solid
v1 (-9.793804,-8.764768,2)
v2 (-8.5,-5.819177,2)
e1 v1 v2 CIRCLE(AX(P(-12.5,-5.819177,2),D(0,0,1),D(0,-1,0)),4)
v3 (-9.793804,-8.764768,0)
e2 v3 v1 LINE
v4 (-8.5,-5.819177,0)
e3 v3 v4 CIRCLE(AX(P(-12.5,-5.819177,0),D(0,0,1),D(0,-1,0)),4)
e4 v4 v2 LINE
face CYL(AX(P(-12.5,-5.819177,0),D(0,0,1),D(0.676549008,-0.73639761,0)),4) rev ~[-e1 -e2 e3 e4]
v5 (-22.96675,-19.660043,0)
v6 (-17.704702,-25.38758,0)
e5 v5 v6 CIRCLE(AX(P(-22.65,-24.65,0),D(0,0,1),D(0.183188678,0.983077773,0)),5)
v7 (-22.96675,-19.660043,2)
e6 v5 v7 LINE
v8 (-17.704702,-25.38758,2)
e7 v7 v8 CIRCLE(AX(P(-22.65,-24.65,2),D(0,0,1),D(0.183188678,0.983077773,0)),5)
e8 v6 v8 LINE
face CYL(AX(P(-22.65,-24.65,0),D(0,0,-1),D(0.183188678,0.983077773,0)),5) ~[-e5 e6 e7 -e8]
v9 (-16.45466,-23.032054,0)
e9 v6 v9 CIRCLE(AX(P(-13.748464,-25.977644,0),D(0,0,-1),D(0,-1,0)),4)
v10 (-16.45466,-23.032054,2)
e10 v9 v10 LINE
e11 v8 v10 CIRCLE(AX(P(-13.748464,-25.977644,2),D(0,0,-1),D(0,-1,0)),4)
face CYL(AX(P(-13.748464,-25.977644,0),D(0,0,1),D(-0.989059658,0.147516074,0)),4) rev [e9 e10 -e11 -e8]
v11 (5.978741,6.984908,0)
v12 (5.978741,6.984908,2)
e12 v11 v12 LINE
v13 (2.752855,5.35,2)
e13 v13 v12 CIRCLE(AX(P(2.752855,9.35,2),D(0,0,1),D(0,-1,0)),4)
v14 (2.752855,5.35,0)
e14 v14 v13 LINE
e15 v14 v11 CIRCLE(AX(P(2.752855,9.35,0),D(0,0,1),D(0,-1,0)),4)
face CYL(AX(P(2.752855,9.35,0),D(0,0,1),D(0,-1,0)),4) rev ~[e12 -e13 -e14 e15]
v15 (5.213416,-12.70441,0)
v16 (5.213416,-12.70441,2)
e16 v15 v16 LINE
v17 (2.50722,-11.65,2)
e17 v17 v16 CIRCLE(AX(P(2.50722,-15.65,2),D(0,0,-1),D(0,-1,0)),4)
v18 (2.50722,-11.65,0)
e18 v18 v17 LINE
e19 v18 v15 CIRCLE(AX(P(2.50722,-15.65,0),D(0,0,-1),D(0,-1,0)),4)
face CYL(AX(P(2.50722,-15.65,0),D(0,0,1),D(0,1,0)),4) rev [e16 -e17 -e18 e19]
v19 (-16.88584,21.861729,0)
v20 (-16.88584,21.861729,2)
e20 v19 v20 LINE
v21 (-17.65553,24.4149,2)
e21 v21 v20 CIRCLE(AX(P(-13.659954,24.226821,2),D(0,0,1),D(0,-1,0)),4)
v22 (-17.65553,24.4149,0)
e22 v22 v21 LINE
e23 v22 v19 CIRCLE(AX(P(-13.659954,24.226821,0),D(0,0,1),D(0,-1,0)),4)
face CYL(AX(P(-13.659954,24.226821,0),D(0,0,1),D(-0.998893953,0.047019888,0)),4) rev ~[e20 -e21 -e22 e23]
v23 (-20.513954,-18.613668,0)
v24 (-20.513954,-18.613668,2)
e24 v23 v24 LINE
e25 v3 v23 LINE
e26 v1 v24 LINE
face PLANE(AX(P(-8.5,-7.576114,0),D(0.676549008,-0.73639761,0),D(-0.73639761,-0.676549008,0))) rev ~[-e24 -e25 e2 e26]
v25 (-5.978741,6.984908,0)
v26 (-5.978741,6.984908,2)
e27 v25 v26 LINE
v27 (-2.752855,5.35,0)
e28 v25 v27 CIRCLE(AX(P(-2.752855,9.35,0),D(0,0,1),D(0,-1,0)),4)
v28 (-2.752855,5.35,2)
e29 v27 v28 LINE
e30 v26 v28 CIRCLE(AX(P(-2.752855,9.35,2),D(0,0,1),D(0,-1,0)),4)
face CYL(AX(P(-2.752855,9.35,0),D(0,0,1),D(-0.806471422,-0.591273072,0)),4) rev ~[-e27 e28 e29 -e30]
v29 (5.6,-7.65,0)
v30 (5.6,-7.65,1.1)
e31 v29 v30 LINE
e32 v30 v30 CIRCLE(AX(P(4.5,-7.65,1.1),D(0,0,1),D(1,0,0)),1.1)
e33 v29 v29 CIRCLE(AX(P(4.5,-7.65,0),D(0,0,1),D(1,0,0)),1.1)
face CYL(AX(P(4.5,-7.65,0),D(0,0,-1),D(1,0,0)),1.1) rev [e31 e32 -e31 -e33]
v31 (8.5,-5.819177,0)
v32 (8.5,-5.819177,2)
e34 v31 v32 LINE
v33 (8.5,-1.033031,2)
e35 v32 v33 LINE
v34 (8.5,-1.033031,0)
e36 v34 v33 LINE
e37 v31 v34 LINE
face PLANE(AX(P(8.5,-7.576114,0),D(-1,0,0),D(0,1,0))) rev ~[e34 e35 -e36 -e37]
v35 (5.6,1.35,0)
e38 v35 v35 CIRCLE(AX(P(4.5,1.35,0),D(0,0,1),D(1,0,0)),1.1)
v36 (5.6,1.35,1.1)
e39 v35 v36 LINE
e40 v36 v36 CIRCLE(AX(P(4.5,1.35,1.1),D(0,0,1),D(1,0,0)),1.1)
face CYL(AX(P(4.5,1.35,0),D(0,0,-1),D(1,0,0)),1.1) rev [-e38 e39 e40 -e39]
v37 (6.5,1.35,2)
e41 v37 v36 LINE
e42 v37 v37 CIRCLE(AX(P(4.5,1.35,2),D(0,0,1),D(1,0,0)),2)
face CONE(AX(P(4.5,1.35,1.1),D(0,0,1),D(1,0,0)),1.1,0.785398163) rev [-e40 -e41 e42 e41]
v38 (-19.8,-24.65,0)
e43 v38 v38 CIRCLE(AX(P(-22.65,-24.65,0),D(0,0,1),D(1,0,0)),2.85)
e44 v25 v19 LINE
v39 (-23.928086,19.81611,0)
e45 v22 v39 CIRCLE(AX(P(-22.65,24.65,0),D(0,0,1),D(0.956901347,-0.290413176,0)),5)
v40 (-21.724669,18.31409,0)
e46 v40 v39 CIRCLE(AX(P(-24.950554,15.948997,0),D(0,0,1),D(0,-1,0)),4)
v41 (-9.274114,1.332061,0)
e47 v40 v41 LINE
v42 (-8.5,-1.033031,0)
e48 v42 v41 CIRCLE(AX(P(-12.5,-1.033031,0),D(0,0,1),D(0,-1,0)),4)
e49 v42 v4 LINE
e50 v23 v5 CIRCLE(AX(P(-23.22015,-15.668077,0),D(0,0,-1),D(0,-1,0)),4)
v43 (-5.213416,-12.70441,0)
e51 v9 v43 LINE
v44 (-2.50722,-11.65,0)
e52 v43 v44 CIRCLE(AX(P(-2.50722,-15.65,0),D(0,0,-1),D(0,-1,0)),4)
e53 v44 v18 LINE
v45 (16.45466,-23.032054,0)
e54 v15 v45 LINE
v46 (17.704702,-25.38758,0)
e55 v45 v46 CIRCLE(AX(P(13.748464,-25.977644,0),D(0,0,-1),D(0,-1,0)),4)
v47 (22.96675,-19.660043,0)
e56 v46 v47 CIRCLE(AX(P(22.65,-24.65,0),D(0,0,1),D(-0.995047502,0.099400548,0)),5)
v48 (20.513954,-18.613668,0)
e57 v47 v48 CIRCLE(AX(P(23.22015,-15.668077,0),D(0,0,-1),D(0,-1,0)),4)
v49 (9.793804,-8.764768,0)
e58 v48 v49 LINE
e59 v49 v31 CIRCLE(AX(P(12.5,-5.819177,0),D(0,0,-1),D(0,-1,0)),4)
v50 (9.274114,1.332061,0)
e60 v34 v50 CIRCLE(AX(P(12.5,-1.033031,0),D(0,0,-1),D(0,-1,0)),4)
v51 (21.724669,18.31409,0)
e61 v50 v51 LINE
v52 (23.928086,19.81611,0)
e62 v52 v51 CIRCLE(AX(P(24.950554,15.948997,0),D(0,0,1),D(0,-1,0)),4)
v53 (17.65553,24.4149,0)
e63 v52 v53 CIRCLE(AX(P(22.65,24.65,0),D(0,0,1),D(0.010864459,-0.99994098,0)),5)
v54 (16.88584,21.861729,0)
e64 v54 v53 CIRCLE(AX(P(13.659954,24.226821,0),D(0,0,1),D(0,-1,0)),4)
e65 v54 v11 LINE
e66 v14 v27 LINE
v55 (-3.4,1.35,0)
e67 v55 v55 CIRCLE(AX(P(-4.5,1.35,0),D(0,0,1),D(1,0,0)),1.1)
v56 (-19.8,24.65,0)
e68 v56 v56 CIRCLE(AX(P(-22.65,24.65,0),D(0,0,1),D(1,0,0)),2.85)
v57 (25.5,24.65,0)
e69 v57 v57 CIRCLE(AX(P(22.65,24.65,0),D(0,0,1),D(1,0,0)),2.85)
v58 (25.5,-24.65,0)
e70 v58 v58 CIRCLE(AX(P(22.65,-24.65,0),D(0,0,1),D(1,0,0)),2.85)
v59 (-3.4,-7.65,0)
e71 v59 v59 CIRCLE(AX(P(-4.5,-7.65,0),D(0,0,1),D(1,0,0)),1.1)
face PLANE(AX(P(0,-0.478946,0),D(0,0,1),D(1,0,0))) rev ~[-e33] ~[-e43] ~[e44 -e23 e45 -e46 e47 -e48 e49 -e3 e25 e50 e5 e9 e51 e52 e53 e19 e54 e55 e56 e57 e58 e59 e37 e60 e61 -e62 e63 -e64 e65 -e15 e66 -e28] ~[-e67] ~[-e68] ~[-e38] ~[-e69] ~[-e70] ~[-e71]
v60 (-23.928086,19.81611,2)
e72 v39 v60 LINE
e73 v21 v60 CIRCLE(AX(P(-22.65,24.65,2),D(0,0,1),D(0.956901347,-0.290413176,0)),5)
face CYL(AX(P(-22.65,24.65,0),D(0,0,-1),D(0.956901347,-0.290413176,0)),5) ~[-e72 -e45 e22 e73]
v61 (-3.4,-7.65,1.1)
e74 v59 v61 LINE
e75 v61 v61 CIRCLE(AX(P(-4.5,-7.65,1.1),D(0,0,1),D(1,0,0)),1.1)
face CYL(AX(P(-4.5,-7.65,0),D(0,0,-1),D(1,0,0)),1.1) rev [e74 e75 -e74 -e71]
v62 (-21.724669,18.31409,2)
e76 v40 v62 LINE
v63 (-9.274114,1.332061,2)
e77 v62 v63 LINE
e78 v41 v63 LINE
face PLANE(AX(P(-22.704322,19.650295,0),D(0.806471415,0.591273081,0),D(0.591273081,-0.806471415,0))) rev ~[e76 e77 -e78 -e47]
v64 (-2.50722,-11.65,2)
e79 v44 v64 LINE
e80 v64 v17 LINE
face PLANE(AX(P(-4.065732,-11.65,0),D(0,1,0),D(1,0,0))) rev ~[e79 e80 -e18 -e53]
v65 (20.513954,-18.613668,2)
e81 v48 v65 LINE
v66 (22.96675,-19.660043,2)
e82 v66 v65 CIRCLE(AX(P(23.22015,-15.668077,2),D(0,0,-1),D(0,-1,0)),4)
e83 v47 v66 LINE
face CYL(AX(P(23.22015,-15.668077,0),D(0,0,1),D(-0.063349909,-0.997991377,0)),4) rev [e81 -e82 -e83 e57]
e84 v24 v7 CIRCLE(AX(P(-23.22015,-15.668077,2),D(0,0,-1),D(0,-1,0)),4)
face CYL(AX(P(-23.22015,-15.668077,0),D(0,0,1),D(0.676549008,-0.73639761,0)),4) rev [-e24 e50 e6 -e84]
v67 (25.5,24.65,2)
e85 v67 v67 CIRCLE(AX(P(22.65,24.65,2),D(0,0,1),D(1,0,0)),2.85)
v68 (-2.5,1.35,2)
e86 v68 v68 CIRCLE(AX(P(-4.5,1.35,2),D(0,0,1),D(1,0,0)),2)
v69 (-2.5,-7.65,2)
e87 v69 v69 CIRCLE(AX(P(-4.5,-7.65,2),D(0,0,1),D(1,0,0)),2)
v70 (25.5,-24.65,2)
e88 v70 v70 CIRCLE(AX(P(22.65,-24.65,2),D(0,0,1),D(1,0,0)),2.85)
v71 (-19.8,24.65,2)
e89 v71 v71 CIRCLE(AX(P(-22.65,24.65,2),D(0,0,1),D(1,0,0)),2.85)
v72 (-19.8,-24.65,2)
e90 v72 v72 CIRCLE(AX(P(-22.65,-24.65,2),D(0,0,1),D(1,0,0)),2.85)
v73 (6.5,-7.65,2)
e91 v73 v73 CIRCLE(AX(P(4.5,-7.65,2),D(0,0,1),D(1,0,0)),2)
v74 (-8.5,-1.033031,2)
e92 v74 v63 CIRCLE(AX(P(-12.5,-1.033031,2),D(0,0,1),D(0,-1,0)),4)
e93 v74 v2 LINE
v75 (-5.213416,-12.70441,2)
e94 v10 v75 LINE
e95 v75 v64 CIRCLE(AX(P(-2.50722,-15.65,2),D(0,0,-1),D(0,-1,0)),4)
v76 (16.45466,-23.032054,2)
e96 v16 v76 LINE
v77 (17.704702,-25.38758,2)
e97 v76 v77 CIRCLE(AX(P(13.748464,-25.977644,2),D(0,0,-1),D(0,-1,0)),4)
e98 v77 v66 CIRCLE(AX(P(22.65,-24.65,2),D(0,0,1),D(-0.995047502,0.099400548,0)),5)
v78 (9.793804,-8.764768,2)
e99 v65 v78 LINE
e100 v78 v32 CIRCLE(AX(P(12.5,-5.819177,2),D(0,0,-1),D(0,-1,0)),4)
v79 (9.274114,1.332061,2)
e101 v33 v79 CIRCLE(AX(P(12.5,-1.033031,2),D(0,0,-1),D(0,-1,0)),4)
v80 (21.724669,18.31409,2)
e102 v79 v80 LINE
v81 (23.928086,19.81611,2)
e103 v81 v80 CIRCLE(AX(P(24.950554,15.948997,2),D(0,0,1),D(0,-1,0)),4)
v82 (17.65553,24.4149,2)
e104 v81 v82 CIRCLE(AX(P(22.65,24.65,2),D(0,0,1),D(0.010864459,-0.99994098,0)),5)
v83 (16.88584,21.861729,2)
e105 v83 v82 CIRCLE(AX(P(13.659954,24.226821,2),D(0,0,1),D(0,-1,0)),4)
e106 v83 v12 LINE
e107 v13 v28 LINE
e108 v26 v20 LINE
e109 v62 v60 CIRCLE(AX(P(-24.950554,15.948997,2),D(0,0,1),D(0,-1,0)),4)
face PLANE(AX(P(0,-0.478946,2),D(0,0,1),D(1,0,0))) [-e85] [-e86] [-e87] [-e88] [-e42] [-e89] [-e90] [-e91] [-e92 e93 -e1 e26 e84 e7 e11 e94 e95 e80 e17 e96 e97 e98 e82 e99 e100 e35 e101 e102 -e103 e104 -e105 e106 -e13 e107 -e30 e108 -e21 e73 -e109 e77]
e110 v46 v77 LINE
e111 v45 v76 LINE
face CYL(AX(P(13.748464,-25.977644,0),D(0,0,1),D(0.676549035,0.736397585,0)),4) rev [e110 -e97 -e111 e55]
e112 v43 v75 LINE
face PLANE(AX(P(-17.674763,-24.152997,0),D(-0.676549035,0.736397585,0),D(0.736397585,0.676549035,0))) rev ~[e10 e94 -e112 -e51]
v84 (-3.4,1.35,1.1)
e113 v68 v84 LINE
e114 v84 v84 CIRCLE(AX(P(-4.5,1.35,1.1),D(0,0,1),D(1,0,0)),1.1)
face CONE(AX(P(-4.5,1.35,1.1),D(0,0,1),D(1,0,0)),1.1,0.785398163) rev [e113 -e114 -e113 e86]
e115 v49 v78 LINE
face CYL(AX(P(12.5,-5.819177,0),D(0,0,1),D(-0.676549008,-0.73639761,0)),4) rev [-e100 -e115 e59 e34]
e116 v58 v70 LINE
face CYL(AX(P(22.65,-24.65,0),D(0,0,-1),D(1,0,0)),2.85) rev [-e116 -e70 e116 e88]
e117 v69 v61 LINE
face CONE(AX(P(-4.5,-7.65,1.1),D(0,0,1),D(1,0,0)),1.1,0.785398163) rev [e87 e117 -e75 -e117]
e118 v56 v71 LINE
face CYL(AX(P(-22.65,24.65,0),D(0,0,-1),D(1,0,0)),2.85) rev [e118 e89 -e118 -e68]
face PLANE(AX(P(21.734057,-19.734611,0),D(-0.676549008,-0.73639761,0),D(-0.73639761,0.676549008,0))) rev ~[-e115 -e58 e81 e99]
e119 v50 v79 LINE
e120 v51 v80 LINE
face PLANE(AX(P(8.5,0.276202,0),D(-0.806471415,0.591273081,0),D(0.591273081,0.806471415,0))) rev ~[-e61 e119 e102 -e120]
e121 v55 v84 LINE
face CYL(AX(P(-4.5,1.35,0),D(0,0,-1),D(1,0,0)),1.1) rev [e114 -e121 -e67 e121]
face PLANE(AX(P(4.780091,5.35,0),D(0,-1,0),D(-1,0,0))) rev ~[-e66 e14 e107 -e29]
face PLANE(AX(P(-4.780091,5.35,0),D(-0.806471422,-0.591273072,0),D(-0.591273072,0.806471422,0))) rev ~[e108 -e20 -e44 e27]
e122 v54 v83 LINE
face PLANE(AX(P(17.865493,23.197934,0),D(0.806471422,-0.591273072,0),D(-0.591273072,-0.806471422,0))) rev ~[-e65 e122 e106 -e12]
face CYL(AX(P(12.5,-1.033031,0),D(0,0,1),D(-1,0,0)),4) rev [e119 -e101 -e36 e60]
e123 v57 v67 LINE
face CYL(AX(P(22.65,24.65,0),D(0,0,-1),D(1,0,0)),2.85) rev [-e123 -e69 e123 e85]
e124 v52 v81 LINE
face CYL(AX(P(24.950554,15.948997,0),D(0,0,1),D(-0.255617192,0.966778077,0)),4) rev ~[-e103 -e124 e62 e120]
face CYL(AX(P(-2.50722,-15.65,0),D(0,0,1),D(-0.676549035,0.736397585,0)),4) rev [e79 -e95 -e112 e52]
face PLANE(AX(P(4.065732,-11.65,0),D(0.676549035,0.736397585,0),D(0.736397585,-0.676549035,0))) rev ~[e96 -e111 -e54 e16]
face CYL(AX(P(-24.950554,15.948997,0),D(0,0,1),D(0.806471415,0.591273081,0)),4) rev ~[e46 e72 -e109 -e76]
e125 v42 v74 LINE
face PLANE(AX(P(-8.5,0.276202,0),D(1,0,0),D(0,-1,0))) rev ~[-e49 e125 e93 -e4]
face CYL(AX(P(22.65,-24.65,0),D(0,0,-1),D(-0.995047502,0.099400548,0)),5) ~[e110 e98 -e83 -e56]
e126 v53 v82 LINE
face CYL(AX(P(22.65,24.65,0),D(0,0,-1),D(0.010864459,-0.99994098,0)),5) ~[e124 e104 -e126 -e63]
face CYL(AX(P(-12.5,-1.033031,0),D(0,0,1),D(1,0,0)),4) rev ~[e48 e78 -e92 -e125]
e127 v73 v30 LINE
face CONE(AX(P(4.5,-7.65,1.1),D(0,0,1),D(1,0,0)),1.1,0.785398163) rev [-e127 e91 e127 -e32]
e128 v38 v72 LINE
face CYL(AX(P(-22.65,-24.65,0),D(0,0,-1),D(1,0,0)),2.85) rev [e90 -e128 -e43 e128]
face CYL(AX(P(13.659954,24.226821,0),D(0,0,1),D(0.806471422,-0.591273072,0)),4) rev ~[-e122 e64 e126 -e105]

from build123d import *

# Parameters (mm, degrees)
F1_R     = 2.85
F1_R_2   = 1.1
F2_DEPTH = 2
F3_R     = 4
F4_SIZE  = 0.9


with BuildPart() as f2:
    # F1 (on Top) → F2 (new body)
    with BuildSketch(Plane.XY):
        with BuildLine():
            Line((-8.5, -7.576114), (-21.734057, -19.734611))
            ThreePointArc((-21.734057, -19.734611), (-26.331988, -28.032745), (-17.674763, -24.152997))
            Line((-17.674763, -24.152997), (-4.065732, -11.65))
            Line((-4.065732, -11.65), (4.065732, -11.65))
            Line((4.065732, -11.65), (17.674763, -24.152997))
            ThreePointArc((17.674763, -24.152997), (26.331988, -28.032745), (21.734057, -19.734611))
            Line((21.734057, -19.734611), (8.5, -7.576114))
            Line((8.5, -7.576114), (8.5, 0.276202))
            Line((8.5, 0.276202), (22.704322, 19.650295))
            ThreePointArc((22.704322, 19.650295), (25.606365, 28.682357), (17.865493, 23.197934))
            Line((17.865493, 23.197934), (4.780091, 5.35))
            Line((4.780091, 5.35), (-4.780091, 5.35))
            Line((-4.780091, 5.35), (-17.865493, 23.197934))
            ThreePointArc((-17.865493, 23.197934), (-25.606365, 28.682357), (-22.704322, 19.650295))
            Line((-22.704322, 19.650295), (-8.5, 0.276202))
            Line((-8.5, 0.276202), (-8.5, -7.576114))
        make_face()
        with Locations((-22.65, -24.65)):
            Circle(F1_R, mode=Mode.SUBTRACT)
        with Locations((-4.5, -7.65)):
            Circle(F1_R_2, mode=Mode.SUBTRACT)
        with Locations((22.65, -24.65)):
            Circle(F1_R, mode=Mode.SUBTRACT)
        with Locations((4.5, -7.65)):
            Circle(F1_R_2, mode=Mode.SUBTRACT)
        with Locations((-4.5, 1.35)):
            Circle(F1_R_2, mode=Mode.SUBTRACT)
        with Locations((-22.65, 24.65)):
            Circle(F1_R, mode=Mode.SUBTRACT)
        with Locations((4.5, 1.35)):
            Circle(F1_R_2, mode=Mode.SUBTRACT)
        with Locations((22.65, 24.65)):
            Circle(F1_R, mode=Mode.SUBTRACT)
    extrude(amount=F2_DEPTH)

    # F3
    f3_edges = [f2.edges().sort_by_distance(p)[0] for p in [
        (-22.704322, 19.650295, 1),
        (-8.5, 0.276202, 1),
        (-8.5, -7.576114, 1),
        (-21.734057, -19.734611, 1),
        (-17.674763, -24.152997, 1),
        (-4.065732, -11.65, 1),
        (4.065732, -11.65, 1),
        (17.674763, -24.152997, 1),
        (21.734057, -19.734611, 1),
        (8.5, -7.576114, 1),
        (8.5, 0.276202, 1),
        (22.704322, 19.650295, 1),
        (17.865493, 23.197934, 1),
        (4.780091, 5.35, 1),
        (-4.780091, 5.35, 1),
        (-17.865493, 23.197934, 1),
    ]]
    fillet(f3_edges, radius=F3_R)

    # F4
    f4_edges = [f2.edges().sort_by_distance(p)[0] for p in [
        (-5.6, 1.35, 2),
        (3.4, 1.35, 2),
        (3.4, -7.65, 2),
        (-5.6, -7.65, 2),
    ]]
    chamfer(f4_edges, length=F4_SIZE)


solid = f2.part
